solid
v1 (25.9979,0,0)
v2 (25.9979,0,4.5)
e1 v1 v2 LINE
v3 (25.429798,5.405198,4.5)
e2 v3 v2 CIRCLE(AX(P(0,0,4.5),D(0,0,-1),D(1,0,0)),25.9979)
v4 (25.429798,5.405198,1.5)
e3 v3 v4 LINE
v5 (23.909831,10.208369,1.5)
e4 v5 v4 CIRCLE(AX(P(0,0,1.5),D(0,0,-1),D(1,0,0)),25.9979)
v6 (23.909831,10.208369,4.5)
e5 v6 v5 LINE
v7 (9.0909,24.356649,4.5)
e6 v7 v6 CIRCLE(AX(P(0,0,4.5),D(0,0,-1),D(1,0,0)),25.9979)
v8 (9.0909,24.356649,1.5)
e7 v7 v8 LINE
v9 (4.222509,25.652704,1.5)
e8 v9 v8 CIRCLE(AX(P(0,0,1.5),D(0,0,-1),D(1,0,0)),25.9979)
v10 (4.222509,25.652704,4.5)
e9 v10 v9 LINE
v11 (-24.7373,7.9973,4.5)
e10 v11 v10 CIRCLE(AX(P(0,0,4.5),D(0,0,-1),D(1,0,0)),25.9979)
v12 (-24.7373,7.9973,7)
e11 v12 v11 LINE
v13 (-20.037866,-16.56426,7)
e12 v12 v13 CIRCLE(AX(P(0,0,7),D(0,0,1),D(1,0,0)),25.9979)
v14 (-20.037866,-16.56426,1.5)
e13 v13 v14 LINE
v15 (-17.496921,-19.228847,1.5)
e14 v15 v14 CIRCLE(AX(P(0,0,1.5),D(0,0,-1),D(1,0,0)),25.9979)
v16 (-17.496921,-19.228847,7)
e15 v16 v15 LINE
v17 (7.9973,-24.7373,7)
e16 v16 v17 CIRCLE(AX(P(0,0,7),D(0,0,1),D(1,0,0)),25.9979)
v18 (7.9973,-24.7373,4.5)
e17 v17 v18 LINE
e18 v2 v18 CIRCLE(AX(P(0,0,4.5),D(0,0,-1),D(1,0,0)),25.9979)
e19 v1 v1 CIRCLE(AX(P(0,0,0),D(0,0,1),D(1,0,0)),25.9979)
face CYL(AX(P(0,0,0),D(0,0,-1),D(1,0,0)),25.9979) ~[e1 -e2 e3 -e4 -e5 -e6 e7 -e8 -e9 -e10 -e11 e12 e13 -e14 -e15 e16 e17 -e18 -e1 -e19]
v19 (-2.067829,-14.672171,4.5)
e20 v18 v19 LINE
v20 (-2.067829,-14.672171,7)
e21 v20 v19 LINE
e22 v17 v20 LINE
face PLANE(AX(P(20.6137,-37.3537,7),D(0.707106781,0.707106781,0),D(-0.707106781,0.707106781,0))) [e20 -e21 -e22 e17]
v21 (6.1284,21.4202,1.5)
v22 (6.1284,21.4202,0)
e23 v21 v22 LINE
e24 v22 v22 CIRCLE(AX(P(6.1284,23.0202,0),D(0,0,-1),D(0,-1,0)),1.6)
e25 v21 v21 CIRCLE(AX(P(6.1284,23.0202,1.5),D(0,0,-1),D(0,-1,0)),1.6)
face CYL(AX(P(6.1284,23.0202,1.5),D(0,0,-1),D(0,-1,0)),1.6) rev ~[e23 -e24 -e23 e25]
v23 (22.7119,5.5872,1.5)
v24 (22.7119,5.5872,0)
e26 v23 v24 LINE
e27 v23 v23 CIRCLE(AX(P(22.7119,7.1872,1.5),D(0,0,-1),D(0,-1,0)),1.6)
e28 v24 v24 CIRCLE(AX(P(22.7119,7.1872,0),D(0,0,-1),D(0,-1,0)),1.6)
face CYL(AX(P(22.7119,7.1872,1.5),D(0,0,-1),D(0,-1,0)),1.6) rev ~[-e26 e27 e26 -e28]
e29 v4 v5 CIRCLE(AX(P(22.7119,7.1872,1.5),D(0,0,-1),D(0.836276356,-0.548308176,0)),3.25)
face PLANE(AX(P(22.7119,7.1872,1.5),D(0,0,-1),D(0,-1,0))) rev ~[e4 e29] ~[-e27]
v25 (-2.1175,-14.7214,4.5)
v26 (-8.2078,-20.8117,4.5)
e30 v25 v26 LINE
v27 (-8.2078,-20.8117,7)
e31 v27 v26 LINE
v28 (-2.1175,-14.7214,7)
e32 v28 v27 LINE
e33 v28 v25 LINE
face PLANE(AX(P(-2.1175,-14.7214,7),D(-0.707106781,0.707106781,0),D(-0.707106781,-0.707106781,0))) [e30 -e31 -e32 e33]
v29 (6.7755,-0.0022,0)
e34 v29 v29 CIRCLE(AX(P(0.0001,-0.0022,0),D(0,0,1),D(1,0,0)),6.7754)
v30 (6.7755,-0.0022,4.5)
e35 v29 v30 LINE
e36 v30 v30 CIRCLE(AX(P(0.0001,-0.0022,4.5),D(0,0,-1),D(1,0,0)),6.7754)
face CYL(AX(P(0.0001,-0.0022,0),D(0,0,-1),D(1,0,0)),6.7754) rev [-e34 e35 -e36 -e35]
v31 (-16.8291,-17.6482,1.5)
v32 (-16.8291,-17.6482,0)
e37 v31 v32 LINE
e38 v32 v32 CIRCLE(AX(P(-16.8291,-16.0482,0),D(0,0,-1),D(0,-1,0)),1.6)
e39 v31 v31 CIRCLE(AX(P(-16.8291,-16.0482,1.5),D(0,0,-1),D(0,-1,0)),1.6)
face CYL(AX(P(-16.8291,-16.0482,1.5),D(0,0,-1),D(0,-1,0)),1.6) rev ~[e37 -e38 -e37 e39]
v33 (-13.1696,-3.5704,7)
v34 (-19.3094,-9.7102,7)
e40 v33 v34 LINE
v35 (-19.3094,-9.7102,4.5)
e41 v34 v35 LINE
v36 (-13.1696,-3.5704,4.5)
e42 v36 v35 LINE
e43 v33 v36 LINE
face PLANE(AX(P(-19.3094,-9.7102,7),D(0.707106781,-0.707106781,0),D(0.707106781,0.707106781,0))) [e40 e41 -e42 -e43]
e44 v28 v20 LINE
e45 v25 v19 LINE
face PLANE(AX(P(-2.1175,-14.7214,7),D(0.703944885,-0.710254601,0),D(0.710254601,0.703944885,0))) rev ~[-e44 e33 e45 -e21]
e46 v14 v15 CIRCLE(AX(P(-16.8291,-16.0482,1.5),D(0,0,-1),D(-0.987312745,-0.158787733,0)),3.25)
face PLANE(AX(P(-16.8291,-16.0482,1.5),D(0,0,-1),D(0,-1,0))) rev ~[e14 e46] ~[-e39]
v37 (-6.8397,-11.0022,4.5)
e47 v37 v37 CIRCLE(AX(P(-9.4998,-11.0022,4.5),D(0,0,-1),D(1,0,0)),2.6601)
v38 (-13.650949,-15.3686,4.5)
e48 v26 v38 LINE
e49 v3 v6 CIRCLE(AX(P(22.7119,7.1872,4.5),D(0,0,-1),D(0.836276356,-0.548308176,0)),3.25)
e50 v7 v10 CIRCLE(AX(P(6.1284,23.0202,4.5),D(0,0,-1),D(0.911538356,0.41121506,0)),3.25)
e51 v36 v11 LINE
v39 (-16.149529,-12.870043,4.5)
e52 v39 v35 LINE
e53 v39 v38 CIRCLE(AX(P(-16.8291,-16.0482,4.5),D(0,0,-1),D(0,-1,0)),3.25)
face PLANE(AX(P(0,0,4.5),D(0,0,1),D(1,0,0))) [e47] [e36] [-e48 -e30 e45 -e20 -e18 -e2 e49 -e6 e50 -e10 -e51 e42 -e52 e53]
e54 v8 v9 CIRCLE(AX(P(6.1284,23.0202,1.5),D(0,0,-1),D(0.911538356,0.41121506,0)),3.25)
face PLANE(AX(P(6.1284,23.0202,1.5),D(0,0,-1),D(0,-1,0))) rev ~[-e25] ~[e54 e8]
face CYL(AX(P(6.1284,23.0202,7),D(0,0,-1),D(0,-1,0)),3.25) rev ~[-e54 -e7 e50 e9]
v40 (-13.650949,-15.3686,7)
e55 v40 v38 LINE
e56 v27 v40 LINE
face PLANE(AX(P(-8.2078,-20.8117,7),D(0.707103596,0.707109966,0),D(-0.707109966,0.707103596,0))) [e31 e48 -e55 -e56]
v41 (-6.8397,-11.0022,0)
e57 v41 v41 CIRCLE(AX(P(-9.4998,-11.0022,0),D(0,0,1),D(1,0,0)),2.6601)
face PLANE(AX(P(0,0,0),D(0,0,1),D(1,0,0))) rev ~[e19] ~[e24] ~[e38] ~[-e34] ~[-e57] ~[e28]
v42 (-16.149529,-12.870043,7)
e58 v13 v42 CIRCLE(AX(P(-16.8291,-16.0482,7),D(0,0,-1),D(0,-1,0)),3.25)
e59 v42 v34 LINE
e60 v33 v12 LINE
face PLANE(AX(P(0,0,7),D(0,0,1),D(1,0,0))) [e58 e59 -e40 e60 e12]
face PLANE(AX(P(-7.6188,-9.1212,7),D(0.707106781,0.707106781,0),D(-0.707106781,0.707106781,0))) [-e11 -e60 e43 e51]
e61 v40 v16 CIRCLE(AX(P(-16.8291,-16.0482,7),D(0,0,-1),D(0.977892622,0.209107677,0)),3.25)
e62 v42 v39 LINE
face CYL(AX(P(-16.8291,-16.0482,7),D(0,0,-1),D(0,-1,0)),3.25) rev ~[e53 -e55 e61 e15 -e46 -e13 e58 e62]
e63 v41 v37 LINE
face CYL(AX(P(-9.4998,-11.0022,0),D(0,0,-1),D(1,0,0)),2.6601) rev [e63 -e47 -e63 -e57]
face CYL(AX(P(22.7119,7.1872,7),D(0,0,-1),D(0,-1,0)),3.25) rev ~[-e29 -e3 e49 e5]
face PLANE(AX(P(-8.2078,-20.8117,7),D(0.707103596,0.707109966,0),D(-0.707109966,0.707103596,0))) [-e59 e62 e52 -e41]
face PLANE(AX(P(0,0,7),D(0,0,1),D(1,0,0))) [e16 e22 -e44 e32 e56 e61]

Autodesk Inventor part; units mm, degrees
ref_plane "YZ Plane" through (0, 0, 0) normal (1, 0, 0) x (0, 1, 0)
ref_plane "XZ Plane" through (0, 0, 0) normal (0, 1, 0) x (-1, 0, 0)
ref_plane "XY Plane" through (0, 0, 0) normal (0, 0, 1) x (1, 0, 0)
ref_plane "Work Plane1" through (0, 0, 0) normal (0, 0, 1) x (1, 0, 0)
sketch "Sketch1" plane through (0, 0, 0) normal (0, 0, 1) x (1, 0, 0)
  circle A0 centre (0, 0) radius 25.9979 projected
  circle A1 centre (-9.4998, -11.0022) radius 2.6601 projected
  circle A2 centre (0.0001, -0.0022) radius 3.8801 projected
  circle A3 centre (0.0001, -0.0022) radius 6.7754 projected
  point P0 (0, 0)
extrude "Extrusion1" add sketch "Sketch1" along normal blind 7 contours A0
sketch "Sketch2" plane through (0, 0, 7) normal (0, 0, 1) x (1, 0, 0)
  line L0 (-10.4551, 50.2837) -> (48.898, -9.0695)
  line L1 (48.898, -9.0695) -> (20.6137, -37.3537)
  line L2 (20.6137, -37.3537) -> (-38.7394, 21.9994)
  line L3 (-38.7394, 21.9994) -> (-10.4551, 50.2837)
  line L4 (-10.4551, 50.2837) -> (20.6137, -37.3537) construction
  line L5 (48.898, -9.0695) -> (-38.7394, 21.9994) construction
  line L6 (-10.4551, 50.2837) -> (73.4829, 50.2837) construction
  circle A0 centre (-9.4998, -11.0022) radius 2.6601 projected
  point P0 (5.0793, 6.465)
  dimension "d2" = 135
  dimension "d3" = 40
extrude "Extrusion2" cut sketch "Sketch2" against normal blind 2.5 contours L0 L1 L2 L3
sketch "Sketch3" plane through (0, 0, 7) normal (0, 0, 1) x (1, 0, 0)
  line L0 (-7.7936, -20.2561) -> (-2.9652, -15.4277) projected
  line L1 (-18.7537, -9.2959) -> (-13.9253, -4.4675) projected
  line L2 (-13.219, -3.6198) -> (-2.1175, -14.7214)
  line L3 (-2.1175, -14.7214) -> (-8.2078, -20.8117)
  line L4 (-8.2078, -20.8117) -> (-19.3094, -9.7102)
  line L5 (-19.3094, -9.7102) -> (-13.219, -3.6198)
  line L6 (-7.6188, -9.1212) -> (-24.7373, 7.9973) projected
  line L7 (-13.1696, -3.5704) -> (-2.1175, -14.7214)
  line L8 (-2.1175, -14.7214) -> (-0.0463, -12.6686)
  line L9 (-0.0463, -12.6686) -> (-11.0984, -1.5176)
  line L10 (-11.0984, -1.5176) -> (-13.1696, -3.5704)
  line L11 (-13.1696, -3.5704) -> (-13.219, -3.6198)
  line L12 (7.9973, -24.7373) -> (-24.7373, 7.9973) projected
  line L13 (-13.9253, -4.4675) -> (-2.9652, -15.4277) projected
  line L14 (-7.7936, -20.2561) -> (-18.7537, -9.2959) projected
  point P0 (0, 0)
  point P1 (-8.9176, -8.4066)
  point P2 (-24.7373, 7.9973)
  dimension "d6" = 0.1
extrude "Extrusion3" cut sketch "Sketch3" against normal up to surface (2.5 mm away) contours L14 L1 L13 L0 | L11 L7 L2 | L2 L3 L4 L5 | L7 L6 L12 L8 | L10 L9 L8 L12 L6
sketch "Skizze4" plane through (0, 0, 7) normal (0, 0, 1) x (1, 0, 0)
  spline S0 degree 2 poles (24.1427, 2.2394) (24.731, 1.8489) (25.3785, 0.5587) (25.3785, -0.3311) knots 0 0 0 1 2 2 2 construction
  spline S1 degree 2 poles (25.3785, -0.3311) (25.3785, -1.1665) (24.7013, -2.5111) (24.1328, -2.8867) knots 0 0 0 1 2 2 2 construction
  spline S2 degree 2 poles (24.1328, -2.8867) (23.6682, -3.1784) (22.7141, -3.3761) (21.9726, -3.3761) knots 0 0 0 1 2 2 2 construction
  line L0 (21.9726, -3.3761) -> (20.5687, -3.3761) construction
  line L1 (20.5687, -3.3761) -> (20.5687, 2.7239) construction
  line L2 (20.5687, 2.7239) -> (21.9578, 2.7239) construction
  spline S3 degree 2 poles (21.9578, 2.7239) (22.8179, 2.7239) (23.7967, 2.4668) (24.1427, 2.2394) knots 0 0 0 1 2 2 2 construction
  spline S4 degree 2 poles (19.1896, -2.9312) (18.8979, -3.1982) (18.1564, -3.4849) (17.5978, -3.4849) knots 0 0 0 1 2 2 2 construction
  spline S5 degree 2 poles (17.5978, -3.4849) (16.9354, -3.4849) (16.0061, -3.2081) (15.5958, -3.0103) knots 0 0 0 1 2 2 2 construction
  line L3 (15.5958, -3.0103) -> (15.5958, -1.992) construction
  line L4 (15.5958, -1.992) -> (15.6551, -1.992) construction
  spline S6 degree 2 poles (15.6551, -1.992) (16.0555, -2.3677) (17.0689, -2.7829) (17.5385, -2.7829) knots 0 0 0 1 2 2 2 construction
  spline S7 degree 2 poles (17.5385, -2.7829) (18.2108, -2.7829) (18.8979, -2.2243) (18.8979, -1.7646) knots 0 0 0 1 2 2 2 construction
  spline S8 degree 2 poles (18.8979, -1.7646) (18.8979, -1.3988) (18.5371, -0.944) (18.1465, -0.8303) knots 0 0 0 1 2 2 2 construction
  spline S9 degree 2 poles (18.1465, -0.8303) (17.8648, -0.7513) (17.3952, -0.6425) (17.0442, -0.5535) knots 0 0 0 1 2 2 2 construction
  spline S10 degree 2 poles (17.0442, -0.5535) (16.7278, -0.4695) (16.2285, -0.2174) (16.0358, -0.0147) knots 0 0 0 1 2 2 2 construction
  spline S11 degree 2 poles (16.0358, -0.0147) (15.8479, 0.188) (15.6403, 0.7317) (15.6403, 1.0876) knots 0 0 0 1 2 2 2 construction
  spline S12 degree 2 poles (15.6403, 1.0876) (15.6403, 1.8291) (16.797, 2.8326) (17.6918, 2.8326) knots 0 0 0 1 2 2 2 construction
  spline S13 degree 2 poles (17.6918, 2.8326) (18.2059, 2.8326) (19.1154, 2.6299) (19.5059, 2.4372) knots 0 0 0 1 2 2 2 construction
  line L5 (19.5059, 2.4372) -> (19.5059, 1.4683) construction
  line L6 (19.5059, 1.4683) -> (19.4466, 1.4683) construction
  spline S14 degree 2 poles (19.4466, 1.4683) (19.155, 1.7352) (18.2454, 2.1307) (17.7461, 2.1307) knots 0 0 0 1 2 2 2 construction
  spline S15 degree 2 poles (17.7461, 2.1307) (17.1826, 2.1307) (16.4856, 1.6017) (16.4856, 1.1717) knots 0 0 0 1 2 2 2 construction
  spline S16 degree 2 poles (16.4856, 1.1717) (16.4856, 0.7861) (16.8959, 0.3264) (17.2815, 0.2226) knots 0 0 0 1 2 2 2 construction
  spline S17 degree 2 poles (17.2815, 0.2226) (17.5385, 0.1534) (18.285, -0.0246) (18.5321, -0.0987) knots 0 0 0 1 2 2 2 construction
  spline S18 degree 2 poles (18.5321, -0.0987) (19.1599, -0.2915) (19.7432, -1.0676) (19.7432, -1.6361) knots 0 0 0 1 2 2 2 construction
  spline S19 degree 2 poles (19.7432, -1.6361) (19.7432, -1.997) (19.4516, -2.689) (19.1896, -2.9312) knots 0 0 0 1 2 2 2 construction
  circle A0 centre (-9.9998, 17.4978) radius 1.3999 construction
  circle A1 centre (10.0001, 17.4979) radius 1.4 construction
  circle A2 centre (10.0001, -17.5021) radius 1.4 construction
  circle A3 centre (-9.9998, -17.5021) radius 1.4001 construction
  arc A4 (-25.1198, 6.6998) -> (-24.1417, 5.4917) centre (-24.1417, 6.4917) ccw construction
  line L7 (-24.1417, 5.4917) -> (-17.7002, 5.4917) construction
  arc A5 (-15.7002, 3.4917) -> (-17.7002, 5.4917) centre (-17.7002, 3.4917) ccw construction
  line L8 (-15.7002, 3.4917) -> (-15.7002, -4.496) construction
  arc A6 (-17.7002, -6.496) -> (-15.7002, -4.496) centre (-17.7002, -4.496) ccw construction
  line L9 (-17.7002, -6.496) -> (-23.8502, -6.496) construction
  arc A7 (-23.8502, -6.496) -> (-24.8235, -7.7254) centre (-23.8502, -7.496) ccw construction
  arc A8 (-24.8235, -7.7254) -> (-25.1198, 6.6998) centre (0, 0) ccw construction
  circle A9 centre (-9.4998, -11.0022) radius 2.6601 construction
  circle A10 centre (-16.8291, -16.0482) radius 1.4 construction
  circle A11 centre (6.1284, 23.0202) radius 1.4 construction
  circle A12 centre (22.7119, 7.1872) radius 1.4 construction
  circle A13 centre (0.0001, -0.0022) radius 6.5 construction
  point P0 (0, 0)
hole "Bohrung1" at (6.1284, 23.0202, 7) at (22.7119, 7.1872, 7) at (-16.8291, -16.0482, 7) direction (0, 0, -1) diameter 3.2 end through all counterbore diameter 6.5 counterbore depth 5.5
sketch "Skizze5" plane through (0, 0, 4.5) normal (0, 0, 1) x (1, 0, 0)
  circle A0 centre (0.0001, -0.0022) radius 6.7754 projected
  circle A1 centre (3.9139, 5.5285) radius 18
  point P0 (0, 0)
  dimension "d16" = 36
properties part number "Matchboxscope_sample_universal"
